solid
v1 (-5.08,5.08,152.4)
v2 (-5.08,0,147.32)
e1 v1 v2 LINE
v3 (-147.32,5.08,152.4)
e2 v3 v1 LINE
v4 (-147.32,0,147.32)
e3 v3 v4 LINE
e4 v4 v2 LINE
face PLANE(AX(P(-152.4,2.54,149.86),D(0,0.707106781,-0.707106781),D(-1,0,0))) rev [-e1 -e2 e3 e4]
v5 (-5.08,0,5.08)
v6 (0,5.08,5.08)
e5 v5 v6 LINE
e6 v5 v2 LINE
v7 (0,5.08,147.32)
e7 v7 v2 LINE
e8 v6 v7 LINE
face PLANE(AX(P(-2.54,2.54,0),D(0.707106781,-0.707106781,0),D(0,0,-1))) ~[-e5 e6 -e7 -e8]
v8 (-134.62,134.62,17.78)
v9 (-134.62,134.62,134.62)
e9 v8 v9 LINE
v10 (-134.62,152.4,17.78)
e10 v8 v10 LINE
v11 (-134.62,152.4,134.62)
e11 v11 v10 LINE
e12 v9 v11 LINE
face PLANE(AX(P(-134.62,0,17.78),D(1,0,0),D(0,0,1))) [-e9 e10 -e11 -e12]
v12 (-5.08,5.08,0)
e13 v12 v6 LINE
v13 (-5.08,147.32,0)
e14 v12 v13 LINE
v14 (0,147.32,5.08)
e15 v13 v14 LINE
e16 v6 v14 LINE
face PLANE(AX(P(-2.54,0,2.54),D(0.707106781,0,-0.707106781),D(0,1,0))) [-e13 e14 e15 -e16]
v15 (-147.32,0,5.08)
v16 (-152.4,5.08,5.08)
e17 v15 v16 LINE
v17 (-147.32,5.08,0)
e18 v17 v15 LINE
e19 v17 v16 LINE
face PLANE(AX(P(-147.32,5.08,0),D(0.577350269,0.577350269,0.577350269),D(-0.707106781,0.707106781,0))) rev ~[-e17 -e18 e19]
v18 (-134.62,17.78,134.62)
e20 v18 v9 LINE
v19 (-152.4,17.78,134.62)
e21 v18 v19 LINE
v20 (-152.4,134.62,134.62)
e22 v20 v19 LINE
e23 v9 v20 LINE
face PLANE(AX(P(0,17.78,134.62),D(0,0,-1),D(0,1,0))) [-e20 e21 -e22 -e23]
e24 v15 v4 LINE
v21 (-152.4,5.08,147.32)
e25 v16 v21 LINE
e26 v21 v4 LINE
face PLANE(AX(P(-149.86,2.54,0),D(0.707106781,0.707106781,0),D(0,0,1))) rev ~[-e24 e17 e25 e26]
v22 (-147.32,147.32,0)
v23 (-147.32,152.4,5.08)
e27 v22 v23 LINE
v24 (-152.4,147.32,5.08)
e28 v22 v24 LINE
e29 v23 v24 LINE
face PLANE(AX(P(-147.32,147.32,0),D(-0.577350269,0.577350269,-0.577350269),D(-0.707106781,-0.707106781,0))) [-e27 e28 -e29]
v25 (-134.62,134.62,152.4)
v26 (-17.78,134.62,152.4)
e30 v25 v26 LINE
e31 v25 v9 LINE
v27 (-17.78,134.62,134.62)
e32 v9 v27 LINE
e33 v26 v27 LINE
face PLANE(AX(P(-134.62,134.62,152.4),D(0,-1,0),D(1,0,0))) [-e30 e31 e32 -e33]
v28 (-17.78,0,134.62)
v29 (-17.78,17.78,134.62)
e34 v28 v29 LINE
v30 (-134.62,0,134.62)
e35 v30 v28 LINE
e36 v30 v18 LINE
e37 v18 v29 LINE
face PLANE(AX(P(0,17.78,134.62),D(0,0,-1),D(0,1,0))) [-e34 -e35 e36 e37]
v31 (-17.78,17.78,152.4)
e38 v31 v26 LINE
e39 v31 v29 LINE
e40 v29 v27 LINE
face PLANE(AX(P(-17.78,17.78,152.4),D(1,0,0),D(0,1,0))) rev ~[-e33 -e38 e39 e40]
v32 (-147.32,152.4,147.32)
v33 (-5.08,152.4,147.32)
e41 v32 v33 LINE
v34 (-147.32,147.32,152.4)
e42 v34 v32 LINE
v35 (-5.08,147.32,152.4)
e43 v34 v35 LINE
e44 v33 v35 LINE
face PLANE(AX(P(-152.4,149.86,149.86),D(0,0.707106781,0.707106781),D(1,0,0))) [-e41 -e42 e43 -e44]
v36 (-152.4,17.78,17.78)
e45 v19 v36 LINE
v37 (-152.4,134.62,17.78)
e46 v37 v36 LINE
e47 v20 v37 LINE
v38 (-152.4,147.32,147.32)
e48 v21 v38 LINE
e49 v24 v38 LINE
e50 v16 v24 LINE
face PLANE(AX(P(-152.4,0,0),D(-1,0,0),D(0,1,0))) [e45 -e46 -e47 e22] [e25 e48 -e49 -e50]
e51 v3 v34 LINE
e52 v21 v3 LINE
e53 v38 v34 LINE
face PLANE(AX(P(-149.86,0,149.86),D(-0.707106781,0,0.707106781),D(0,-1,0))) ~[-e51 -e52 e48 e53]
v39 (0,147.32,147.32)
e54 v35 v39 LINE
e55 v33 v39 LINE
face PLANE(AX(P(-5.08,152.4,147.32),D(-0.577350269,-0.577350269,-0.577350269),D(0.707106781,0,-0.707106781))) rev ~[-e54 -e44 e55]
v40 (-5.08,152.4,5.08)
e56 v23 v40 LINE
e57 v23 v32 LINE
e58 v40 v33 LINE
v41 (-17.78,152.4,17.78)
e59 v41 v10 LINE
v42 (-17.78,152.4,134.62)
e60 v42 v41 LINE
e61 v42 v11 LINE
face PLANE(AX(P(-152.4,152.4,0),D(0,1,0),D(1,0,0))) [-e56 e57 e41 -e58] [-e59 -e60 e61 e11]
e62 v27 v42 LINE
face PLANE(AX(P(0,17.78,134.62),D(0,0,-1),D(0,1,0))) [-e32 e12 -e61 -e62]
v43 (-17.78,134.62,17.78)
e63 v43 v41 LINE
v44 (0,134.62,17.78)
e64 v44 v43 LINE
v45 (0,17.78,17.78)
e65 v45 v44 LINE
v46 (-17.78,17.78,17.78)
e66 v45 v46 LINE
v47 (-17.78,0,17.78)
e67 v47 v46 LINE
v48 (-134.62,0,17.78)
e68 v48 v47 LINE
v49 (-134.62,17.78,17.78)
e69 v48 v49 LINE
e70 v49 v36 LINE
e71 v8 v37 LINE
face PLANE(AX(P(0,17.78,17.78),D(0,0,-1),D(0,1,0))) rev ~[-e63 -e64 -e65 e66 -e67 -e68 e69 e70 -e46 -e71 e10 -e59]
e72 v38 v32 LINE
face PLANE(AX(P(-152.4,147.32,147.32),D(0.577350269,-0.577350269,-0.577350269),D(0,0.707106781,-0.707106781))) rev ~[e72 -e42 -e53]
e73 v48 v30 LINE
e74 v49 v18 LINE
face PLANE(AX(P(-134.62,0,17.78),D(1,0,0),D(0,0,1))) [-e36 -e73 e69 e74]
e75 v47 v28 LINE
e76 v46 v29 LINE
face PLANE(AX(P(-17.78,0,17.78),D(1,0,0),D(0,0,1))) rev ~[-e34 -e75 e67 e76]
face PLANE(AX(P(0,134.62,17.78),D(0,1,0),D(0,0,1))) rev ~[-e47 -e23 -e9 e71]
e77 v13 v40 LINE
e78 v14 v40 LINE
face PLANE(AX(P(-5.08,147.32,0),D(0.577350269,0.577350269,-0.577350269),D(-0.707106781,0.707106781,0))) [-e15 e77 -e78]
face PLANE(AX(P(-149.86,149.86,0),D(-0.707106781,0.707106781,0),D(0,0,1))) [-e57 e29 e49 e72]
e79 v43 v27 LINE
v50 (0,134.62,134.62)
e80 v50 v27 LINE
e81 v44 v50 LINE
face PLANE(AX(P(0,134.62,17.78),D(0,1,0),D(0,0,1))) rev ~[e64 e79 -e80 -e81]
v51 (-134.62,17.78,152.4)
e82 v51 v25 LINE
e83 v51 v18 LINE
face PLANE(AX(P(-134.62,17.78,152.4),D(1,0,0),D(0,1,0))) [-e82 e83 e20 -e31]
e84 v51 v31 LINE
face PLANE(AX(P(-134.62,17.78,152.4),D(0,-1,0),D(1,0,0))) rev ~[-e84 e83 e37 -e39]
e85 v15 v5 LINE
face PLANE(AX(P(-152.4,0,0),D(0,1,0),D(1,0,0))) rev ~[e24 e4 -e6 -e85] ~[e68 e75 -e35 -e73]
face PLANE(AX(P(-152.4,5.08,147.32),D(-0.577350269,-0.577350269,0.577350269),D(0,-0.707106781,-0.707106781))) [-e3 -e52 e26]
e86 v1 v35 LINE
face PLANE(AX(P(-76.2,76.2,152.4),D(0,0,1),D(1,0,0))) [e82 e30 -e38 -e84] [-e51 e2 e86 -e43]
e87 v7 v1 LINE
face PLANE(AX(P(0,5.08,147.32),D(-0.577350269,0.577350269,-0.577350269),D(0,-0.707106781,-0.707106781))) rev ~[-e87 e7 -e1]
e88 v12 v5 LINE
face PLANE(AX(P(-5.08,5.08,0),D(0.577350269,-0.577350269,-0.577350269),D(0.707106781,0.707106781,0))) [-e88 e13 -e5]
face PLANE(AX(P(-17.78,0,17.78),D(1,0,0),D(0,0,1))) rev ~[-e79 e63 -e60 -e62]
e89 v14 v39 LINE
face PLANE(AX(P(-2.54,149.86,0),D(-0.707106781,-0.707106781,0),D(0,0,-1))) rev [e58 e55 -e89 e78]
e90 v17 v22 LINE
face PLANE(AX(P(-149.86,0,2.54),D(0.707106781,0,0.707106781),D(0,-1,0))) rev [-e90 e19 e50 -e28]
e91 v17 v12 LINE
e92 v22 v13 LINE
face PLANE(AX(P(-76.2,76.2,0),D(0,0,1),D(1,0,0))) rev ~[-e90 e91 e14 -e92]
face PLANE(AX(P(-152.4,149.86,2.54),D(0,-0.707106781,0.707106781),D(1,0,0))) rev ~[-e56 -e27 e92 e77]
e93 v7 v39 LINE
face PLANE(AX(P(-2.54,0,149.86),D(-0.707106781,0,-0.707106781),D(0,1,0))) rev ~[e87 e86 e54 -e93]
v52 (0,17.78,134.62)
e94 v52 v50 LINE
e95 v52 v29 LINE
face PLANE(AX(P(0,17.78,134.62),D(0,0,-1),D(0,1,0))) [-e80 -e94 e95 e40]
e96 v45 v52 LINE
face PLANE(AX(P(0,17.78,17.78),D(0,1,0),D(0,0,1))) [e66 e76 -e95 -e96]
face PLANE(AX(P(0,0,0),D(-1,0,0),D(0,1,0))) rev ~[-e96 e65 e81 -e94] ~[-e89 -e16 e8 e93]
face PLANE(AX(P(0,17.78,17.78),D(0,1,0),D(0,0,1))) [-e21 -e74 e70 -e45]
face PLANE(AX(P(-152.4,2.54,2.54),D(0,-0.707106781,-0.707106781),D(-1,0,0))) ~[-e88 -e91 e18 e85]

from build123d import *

# Parameters (mm, degrees)
F0_W     = 152.4
F0_H     = 152.4
F1_DEPTH = 152.4
F2_W     = 116.84
F2_H     = 116.84
F3_DEPTH = 152.401
F4_W     = 116.84
F4_H     = 116.84
F5_DEPTH = 152.401
F6_W     = 116.84
F6_H     = 116.84
F7_DEPTH = 17.78
F8_SIZE  = 5.08


with BuildPart() as f1:
    # F0 (on Top) → F1 (new body)
    with BuildSketch(Plane.XY):
        with Locations((-76.2, 76.2)):
            Rectangle(F0_W, F0_H)
    extrude(amount=F1_DEPTH)

    # F2 (on face) → F3 (cut, through all)
    with BuildSketch(Plane.XZ):
        with Locations((-76.2, 76.2)):
            Rectangle(F2_W, F2_H)
    extrude(amount=-F3_DEPTH, mode=Mode.SUBTRACT)

    # F4 (on face) → F5 (cut, through all)
    with BuildSketch(Plane.YZ):
        with Locations((76.2, 76.2)):
            Rectangle(F4_W, F4_H)
    extrude(amount=-F5_DEPTH, mode=Mode.SUBTRACT)

    # F6 (on face) → F7 (cut)
    with BuildSketch(Plane.XY.offset(152.4)):
        with Locations((-76.2, 76.2)):
            Rectangle(F6_W, F6_H)
    extrude(amount=-F7_DEPTH, mode=Mode.SUBTRACT)

    # F8
    f8_edges = [f1.edges().sort_by_distance(p)[0] for p in [
        (-76.2, 0, 152.4),
        (0, 76.2, 152.4),
        (0, 0, 76.2),
        (-76.2, 152.4, 152.4),
        (-152.4, 76.2, 152.4),
        (0, 152.4, 76.2),
        (-152.4, 152.4, 76.2),
        (-152.4, 0, 76.2),
        (-76.2, 0, 0),
        (0, 76.2, 0),
        (-76.2, 152.4, 0),
        (-152.4, 76.2, 0),
    ]]
    chamfer(f8_edges, length=F8_SIZE)


solid = f1.part
